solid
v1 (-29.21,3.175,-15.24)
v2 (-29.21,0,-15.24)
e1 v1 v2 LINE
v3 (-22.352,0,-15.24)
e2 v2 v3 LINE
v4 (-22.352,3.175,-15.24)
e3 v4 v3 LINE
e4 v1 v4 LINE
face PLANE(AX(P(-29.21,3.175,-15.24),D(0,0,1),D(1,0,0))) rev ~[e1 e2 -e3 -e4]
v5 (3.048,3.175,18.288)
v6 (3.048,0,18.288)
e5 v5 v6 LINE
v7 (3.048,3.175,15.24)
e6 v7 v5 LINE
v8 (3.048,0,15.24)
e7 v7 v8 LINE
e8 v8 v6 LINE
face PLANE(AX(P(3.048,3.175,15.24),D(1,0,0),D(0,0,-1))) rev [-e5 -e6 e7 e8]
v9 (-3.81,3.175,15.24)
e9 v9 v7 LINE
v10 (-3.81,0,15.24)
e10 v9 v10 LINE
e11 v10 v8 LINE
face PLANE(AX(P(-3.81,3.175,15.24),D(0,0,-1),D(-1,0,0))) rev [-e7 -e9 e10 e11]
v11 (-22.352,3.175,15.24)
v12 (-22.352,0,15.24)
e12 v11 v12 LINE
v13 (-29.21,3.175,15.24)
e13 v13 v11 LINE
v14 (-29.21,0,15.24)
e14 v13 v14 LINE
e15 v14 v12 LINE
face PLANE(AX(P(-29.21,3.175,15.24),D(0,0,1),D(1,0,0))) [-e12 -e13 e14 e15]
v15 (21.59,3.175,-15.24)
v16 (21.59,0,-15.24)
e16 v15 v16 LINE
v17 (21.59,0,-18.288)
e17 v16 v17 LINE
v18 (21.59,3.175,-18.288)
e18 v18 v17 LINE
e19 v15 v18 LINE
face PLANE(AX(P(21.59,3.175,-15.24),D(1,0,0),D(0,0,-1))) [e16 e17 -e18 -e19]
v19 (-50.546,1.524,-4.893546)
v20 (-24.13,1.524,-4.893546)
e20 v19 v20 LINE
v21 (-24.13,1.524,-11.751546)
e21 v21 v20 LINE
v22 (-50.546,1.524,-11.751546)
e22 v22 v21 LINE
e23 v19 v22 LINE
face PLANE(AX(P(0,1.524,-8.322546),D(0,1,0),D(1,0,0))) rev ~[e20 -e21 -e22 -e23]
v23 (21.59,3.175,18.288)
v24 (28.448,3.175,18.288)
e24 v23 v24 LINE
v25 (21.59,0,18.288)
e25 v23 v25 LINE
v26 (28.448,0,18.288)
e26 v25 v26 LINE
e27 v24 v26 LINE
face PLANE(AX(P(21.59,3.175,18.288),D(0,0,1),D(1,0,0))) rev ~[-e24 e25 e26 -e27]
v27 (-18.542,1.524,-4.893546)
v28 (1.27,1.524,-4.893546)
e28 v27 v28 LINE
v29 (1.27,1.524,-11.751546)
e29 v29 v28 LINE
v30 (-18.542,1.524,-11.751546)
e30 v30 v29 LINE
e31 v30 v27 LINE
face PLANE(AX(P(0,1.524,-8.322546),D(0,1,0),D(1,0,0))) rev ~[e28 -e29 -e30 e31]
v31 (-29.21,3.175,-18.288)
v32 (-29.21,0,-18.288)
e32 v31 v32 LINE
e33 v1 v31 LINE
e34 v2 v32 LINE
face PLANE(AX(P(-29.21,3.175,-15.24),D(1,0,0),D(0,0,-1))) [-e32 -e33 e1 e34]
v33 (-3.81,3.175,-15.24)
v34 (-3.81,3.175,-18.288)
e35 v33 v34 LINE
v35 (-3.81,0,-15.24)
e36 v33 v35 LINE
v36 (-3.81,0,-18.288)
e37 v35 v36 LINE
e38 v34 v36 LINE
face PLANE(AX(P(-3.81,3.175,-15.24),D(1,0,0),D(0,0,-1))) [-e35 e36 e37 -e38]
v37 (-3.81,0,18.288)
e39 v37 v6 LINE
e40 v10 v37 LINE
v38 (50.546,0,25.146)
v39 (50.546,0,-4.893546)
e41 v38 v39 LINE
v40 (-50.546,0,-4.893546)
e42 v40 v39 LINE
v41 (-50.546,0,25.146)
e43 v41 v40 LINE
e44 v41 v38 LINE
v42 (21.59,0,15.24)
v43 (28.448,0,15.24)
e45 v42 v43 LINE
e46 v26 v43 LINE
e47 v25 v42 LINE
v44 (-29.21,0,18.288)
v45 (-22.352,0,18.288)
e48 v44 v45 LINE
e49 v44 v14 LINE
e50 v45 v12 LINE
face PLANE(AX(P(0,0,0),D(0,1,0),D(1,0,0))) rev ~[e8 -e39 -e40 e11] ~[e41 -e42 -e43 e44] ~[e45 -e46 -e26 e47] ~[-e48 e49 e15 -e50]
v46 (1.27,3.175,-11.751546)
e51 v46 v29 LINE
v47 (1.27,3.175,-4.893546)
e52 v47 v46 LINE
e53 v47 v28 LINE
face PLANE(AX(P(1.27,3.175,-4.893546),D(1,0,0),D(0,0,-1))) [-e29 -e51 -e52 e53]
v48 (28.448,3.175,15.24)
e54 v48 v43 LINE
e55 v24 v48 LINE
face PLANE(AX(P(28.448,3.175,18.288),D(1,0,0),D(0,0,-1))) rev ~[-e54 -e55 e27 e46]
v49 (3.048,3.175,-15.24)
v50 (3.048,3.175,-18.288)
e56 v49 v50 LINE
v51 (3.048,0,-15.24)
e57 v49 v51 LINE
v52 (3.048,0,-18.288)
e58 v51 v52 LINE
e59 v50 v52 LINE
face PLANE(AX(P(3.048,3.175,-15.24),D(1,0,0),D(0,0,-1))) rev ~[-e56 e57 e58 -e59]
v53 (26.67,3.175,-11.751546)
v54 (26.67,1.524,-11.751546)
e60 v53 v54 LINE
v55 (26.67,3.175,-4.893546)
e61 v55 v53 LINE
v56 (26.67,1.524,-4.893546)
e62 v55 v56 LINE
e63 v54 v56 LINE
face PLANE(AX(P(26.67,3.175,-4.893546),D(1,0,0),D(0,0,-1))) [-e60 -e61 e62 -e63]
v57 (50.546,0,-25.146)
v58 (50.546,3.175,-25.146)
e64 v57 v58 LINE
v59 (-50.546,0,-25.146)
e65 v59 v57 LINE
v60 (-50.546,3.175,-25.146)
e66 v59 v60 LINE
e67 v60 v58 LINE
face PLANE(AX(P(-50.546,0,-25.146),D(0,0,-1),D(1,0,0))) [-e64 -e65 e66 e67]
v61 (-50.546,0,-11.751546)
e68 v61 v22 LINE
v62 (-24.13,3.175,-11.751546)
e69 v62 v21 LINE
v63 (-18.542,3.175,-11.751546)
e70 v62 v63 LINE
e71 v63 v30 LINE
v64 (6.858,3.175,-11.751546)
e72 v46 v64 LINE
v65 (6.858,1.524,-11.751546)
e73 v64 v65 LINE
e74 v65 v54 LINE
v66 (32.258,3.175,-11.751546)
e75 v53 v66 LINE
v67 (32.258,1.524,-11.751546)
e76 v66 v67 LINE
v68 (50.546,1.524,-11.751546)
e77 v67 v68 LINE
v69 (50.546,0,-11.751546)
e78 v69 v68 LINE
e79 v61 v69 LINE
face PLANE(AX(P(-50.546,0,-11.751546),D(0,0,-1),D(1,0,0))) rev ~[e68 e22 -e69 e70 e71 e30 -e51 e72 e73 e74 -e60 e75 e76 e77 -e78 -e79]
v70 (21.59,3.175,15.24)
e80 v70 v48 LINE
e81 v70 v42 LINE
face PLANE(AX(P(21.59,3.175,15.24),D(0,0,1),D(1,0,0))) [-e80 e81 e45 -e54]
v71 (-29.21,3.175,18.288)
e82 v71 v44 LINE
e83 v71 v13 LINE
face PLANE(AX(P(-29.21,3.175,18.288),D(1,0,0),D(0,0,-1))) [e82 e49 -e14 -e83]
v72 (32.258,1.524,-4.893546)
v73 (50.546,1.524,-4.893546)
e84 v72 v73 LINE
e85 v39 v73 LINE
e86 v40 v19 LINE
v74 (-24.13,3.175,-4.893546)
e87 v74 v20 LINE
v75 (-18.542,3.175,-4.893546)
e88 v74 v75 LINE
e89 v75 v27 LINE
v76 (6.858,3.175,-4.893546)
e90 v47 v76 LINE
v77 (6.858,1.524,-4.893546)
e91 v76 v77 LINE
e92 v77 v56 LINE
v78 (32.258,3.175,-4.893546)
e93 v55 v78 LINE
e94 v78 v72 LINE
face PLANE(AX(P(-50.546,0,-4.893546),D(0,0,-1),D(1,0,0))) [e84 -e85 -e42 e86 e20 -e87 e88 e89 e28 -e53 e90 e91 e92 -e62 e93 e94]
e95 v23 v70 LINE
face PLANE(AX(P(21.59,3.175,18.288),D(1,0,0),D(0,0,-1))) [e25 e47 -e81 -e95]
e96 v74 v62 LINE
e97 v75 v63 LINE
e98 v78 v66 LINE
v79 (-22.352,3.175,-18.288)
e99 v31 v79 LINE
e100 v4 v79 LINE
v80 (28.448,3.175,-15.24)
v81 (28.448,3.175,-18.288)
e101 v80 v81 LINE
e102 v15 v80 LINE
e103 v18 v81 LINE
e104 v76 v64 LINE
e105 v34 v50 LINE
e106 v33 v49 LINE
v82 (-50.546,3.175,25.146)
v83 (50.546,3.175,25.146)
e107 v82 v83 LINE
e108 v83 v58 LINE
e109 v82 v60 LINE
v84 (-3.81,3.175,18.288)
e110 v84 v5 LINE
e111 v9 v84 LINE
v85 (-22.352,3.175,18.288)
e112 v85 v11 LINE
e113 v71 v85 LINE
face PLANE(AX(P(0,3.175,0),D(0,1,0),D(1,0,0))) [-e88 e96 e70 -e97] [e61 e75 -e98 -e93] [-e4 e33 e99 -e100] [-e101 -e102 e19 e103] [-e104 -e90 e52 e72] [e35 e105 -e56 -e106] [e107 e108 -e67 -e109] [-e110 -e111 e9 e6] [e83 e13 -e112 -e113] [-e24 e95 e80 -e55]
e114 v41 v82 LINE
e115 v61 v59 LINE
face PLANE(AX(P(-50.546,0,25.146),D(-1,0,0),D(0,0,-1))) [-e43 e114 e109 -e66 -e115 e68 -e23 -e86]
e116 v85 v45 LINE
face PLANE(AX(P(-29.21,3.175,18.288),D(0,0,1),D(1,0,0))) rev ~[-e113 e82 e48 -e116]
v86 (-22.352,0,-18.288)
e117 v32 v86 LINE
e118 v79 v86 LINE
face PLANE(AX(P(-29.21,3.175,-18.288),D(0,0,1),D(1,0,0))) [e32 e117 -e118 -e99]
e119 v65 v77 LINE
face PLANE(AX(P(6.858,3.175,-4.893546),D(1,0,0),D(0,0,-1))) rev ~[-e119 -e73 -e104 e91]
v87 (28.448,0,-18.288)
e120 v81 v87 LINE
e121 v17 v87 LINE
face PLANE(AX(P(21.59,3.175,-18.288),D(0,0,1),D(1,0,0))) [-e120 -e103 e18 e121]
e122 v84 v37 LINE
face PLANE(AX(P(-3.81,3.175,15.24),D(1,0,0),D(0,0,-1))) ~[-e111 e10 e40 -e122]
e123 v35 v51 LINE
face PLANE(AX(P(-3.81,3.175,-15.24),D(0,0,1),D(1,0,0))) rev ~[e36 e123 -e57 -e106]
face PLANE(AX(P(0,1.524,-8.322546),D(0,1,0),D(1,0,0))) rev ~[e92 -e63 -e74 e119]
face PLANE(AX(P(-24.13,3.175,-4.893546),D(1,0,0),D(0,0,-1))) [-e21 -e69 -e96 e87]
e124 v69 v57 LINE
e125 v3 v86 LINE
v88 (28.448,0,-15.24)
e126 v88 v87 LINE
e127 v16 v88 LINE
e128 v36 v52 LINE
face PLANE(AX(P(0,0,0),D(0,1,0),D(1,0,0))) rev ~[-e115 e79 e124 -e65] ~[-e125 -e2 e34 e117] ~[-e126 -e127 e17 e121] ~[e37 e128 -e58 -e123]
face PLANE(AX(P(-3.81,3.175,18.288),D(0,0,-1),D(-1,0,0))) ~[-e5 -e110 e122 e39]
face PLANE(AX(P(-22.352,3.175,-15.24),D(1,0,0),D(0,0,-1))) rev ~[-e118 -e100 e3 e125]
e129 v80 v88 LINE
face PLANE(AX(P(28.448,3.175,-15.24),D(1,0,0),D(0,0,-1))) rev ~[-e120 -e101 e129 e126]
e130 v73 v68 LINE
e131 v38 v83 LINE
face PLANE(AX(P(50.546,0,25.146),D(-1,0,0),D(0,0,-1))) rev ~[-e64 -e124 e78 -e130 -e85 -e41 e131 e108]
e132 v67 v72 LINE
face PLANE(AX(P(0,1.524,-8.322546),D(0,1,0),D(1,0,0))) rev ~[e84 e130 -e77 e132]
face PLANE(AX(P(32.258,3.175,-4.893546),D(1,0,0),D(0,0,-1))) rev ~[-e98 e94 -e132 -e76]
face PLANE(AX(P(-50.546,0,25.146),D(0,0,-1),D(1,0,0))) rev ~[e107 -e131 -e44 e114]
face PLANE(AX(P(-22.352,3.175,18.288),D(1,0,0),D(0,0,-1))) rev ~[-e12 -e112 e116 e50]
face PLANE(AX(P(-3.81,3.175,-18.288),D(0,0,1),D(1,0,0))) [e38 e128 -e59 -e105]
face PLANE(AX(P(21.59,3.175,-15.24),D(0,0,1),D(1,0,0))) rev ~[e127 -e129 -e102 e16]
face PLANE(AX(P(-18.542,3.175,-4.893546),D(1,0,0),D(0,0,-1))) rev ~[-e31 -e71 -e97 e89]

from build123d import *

# Parameters (mm, degrees)
SKETCH1_W                     = 101.092
SKETCH1_H                     = 50.292
BOSS_EXTRUDE1_DEPTH           = 3.175
SKETCH2_W                     = 5.588
SKETCH2_H                     = 6.858
WIRE_HOLE_DEPTH               = 4.175
SKETCH3_W                     = 6.858
SKETCH3_H                     = 3.048
CUT_EXTRUDE2_DEPTH            = 4.175
LPATTERN1_COUNT               = 2
LPATTERN1_PITCH               = 25.4
LPATTERN1_COPY_1_SKETCH_W     = 6.858
LPATTERN1_COPY_1_SKETCH_H     = 3.048
LPATTERN1_COPY_1_DEPTH        = 4.175
LPATTERN1_COL_COUNT           = 2
LPATTERN1_COL_PITCH           = 25.4
LPATTERN1_COL_COPY_1_SKETCH_W = 6.858
LPATTERN1_COL_COPY_1_SKETCH_H = 3.048
LPATTERN1_COL_COPY_1_DEPTH    = 4.175
SKETCH4_W                     = 101.092
SKETCH4_H                     = 6.858
CUT_EXTRUDE3_DEPTH            = 1.524


with BuildPart() as part:
    # Sketch1 → Boss-Extrude1 (new body)
    with BuildSketch(Plane(origin=(0, 0, 0), x_dir=(1, 0, 0), z_dir=(0, 1, 0))):
        Rectangle(SKETCH1_W, SKETCH1_H)
    extrude(amount=BOSS_EXTRUDE1_DEPTH)

    # Sketch2 → Wire Hole (cut, through all)
    with BuildSketch(Plane(origin=(0, 3.175, 0), x_dir=(1, 0, 0), z_dir=(0, 1, 0))):
        with Locations((4.064, 8.322545685)):
            Rectangle(SKETCH2_W, SKETCH2_H)
    wire_hole = extrude(amount=-WIRE_HOLE_DEPTH, mode=Mode.SUBTRACT)

    # Sketch3 → Cut-Extrude2 (cut, through all)
    with BuildSketch(Plane(origin=(0, 3.175, 0), x_dir=(1, 0, 0), z_dir=(0, 1, 0))):
        with Locations((-0.381, 16.764)):
            Rectangle(SKETCH3_W, SKETCH3_H)
    cut_extrude2 = extrude(amount=-CUT_EXTRUDE2_DEPTH, mode=Mode.SUBTRACT)

    # Mirror1: Cut-Extrude2 across plane
    add(cut_extrude2.mirror(Plane.XY), mode=Mode.SUBTRACT)

    # LPattern1: Wire Hole, Cut-Extrude2 ×2
    with Locations(*[(-i * LPATTERN1_PITCH, 0, 0) for i in range(1, LPATTERN1_COUNT)]):
        add(wire_hole, mode=Mode.SUBTRACT)
        add(cut_extrude2, mode=Mode.SUBTRACT)

    # LPattern1 copy 1 sketch → LPattern1 copy 1 (cut, through all)
    with BuildSketch(Plane(origin=(-25.4, 3.175, 0), x_dir=(1, 0, 0), z_dir=(0, 1, 0))):
        with Locations((-0.381, -16.764)):
            Rectangle(LPATTERN1_COPY_1_SKETCH_W, LPATTERN1_COPY_1_SKETCH_H)
    extrude(amount=-LPATTERN1_COPY_1_DEPTH, mode=Mode.SUBTRACT)

    # LPattern1 col: Wire Hole, Cut-Extrude2 ×2
    with Locations(*[(i * LPATTERN1_COL_PITCH, 0, 0) for i in range(1, LPATTERN1_COL_COUNT)]):
        add(wire_hole, mode=Mode.SUBTRACT)
        add(cut_extrude2, mode=Mode.SUBTRACT)

    # LPattern1 col copy 1 sketch → LPattern1 col copy 1 (cut, through all)
    with BuildSketch(Plane(origin=(25.4, 3.175, 0), x_dir=(1, 0, 0), z_dir=(0, 1, 0))):
        with Locations((-0.381, -16.764)):
            Rectangle(LPATTERN1_COL_COPY_1_SKETCH_W, LPATTERN1_COL_COPY_1_SKETCH_H)
    extrude(amount=-LPATTERN1_COL_COPY_1_DEPTH, mode=Mode.SUBTRACT)

    # Sketch4 → Cut-Extrude3 (cut)
    with BuildSketch(Plane(origin=(0, 0, 0), x_dir=(1, 0, 0), z_dir=(0, 1, 0))):
        with Locations((0, 8.322545685)):
            Rectangle(SKETCH4_W, SKETCH4_H)
    extrude(amount=CUT_EXTRUDE3_DEPTH, mode=Mode.SUBTRACT)


solid = part.part
